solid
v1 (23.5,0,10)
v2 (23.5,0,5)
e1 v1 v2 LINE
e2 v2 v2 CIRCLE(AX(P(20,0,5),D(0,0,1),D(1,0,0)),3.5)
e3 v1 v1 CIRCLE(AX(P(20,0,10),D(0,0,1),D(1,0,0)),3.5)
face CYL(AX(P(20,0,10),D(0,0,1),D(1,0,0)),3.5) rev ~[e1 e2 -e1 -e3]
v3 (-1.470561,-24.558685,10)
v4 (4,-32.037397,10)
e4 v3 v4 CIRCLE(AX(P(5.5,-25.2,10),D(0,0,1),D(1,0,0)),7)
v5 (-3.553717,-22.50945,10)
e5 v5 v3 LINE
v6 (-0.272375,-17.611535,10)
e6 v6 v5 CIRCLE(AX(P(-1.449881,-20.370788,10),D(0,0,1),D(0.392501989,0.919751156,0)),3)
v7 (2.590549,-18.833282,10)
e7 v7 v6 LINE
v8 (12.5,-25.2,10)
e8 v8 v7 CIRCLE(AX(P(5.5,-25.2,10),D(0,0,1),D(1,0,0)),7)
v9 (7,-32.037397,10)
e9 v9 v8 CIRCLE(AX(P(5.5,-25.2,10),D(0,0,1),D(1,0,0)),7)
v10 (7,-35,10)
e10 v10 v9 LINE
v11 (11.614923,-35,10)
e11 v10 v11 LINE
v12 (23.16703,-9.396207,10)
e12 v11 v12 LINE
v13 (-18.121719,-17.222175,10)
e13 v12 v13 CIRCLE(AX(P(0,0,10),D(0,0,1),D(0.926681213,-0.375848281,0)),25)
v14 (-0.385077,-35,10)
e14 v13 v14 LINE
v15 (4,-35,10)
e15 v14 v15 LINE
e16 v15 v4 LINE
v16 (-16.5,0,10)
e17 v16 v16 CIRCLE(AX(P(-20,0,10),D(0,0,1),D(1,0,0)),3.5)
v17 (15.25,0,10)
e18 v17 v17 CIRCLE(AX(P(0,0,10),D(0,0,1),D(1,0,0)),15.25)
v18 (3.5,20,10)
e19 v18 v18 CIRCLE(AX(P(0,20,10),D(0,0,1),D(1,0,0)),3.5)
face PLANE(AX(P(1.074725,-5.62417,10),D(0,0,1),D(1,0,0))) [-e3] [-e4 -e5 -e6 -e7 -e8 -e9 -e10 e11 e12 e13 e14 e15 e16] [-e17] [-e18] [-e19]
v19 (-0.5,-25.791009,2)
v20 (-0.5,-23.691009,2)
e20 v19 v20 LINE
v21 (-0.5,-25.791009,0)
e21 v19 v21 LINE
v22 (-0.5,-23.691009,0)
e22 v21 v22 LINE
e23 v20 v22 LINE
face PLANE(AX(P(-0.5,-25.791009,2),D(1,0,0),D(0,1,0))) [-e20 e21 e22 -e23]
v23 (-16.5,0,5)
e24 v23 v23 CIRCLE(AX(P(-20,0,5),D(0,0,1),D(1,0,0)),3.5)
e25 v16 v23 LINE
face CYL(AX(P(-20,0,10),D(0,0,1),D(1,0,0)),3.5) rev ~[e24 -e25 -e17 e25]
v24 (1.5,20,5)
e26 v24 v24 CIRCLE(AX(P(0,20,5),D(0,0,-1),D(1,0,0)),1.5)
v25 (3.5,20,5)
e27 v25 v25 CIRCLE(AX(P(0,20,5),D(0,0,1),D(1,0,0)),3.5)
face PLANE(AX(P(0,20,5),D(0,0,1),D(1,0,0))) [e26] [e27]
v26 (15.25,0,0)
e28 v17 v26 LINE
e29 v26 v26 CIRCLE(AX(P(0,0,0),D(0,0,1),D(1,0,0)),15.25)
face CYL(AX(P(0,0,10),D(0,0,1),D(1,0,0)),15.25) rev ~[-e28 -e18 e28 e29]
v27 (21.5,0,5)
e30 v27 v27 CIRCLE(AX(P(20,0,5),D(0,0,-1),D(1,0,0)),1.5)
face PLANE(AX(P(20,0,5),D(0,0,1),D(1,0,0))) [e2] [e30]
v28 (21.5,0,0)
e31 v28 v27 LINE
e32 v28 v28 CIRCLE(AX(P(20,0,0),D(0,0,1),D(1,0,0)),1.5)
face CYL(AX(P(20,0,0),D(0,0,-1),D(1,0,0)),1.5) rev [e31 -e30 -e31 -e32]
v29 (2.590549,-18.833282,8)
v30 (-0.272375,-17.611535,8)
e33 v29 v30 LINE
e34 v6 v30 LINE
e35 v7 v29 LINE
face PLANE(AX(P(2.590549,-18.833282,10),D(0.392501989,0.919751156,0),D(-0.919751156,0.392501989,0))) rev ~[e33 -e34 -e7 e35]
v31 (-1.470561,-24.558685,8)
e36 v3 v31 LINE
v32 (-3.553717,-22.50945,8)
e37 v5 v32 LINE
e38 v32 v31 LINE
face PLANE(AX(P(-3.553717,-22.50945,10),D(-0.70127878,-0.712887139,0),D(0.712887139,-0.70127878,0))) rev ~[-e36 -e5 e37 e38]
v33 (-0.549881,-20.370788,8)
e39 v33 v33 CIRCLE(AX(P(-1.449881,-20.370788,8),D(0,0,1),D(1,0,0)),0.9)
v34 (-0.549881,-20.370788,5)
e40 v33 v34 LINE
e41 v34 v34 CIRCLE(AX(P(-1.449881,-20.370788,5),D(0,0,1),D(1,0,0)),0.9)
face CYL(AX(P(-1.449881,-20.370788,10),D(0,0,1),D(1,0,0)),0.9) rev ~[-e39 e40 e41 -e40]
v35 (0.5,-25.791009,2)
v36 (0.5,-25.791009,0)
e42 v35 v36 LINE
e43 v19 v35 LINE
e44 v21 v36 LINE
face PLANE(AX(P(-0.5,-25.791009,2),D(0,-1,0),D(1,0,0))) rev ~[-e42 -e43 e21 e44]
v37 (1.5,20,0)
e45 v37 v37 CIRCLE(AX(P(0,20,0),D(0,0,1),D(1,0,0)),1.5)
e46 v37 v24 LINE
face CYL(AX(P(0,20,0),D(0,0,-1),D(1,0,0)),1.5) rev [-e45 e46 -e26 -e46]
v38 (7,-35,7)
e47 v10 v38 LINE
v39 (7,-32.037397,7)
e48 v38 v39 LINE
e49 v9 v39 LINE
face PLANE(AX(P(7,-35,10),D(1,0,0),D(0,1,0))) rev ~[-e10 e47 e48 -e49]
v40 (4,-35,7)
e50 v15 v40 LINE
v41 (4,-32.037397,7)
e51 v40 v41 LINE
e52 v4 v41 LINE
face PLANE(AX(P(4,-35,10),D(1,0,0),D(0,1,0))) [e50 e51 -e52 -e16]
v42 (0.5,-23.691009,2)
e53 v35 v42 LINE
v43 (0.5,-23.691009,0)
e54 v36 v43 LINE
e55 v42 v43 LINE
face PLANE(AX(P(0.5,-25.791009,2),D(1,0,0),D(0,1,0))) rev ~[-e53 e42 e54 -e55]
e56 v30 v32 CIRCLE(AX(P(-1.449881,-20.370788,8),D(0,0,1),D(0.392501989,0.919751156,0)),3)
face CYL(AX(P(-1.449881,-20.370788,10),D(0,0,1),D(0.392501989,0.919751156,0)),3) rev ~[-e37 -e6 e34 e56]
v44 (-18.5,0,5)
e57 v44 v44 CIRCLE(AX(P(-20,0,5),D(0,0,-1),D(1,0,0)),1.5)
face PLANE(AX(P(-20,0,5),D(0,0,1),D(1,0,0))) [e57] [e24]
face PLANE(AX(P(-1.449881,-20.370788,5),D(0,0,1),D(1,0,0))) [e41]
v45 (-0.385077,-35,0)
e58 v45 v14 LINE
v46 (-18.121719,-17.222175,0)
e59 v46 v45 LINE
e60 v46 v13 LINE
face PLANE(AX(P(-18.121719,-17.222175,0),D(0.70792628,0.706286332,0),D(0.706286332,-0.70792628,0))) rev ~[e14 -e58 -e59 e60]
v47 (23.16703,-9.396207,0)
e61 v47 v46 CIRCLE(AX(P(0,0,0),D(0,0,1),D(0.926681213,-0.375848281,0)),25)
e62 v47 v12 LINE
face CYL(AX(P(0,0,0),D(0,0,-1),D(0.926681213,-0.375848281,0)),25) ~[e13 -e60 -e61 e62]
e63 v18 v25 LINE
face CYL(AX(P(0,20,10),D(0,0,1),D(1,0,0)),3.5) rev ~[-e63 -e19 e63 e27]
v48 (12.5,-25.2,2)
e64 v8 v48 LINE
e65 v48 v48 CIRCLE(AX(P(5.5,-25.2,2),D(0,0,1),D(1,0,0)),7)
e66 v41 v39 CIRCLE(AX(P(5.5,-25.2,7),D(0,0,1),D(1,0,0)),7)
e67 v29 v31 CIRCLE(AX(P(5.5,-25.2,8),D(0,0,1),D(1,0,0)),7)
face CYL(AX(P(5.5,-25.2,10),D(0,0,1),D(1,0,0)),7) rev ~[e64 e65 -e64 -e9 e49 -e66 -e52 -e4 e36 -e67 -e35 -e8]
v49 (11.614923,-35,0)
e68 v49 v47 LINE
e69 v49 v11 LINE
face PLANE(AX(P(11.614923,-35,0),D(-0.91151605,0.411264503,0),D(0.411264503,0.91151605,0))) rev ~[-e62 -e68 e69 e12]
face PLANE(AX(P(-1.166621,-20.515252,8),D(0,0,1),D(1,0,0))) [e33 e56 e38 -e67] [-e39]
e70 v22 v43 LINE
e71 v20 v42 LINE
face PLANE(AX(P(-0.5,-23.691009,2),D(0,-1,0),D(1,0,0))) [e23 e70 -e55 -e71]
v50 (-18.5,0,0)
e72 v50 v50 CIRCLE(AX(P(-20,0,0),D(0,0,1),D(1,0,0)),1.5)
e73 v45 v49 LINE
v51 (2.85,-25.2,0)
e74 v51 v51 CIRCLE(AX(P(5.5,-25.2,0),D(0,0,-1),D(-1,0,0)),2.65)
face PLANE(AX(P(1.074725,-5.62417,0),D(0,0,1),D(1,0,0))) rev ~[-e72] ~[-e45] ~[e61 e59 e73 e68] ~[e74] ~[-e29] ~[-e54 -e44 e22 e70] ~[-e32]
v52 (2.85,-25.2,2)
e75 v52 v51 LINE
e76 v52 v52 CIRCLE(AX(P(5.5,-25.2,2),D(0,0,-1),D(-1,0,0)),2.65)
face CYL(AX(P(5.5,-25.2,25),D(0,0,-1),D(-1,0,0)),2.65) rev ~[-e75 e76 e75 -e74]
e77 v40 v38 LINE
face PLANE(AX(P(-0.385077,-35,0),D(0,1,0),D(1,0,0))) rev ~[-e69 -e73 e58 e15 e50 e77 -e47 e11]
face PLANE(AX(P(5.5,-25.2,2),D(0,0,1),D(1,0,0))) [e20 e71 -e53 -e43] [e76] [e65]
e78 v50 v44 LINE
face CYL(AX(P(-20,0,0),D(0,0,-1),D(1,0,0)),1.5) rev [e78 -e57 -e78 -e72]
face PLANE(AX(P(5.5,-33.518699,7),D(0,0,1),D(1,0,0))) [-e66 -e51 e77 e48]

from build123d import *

# Parameters (mm, degrees)
EXTRUDE1_DEPTH                 = 10
SKETCH2_R                      = 15.25
EXTRUDE2_DEPTH                 = 11
F_5_3_5_3_DIAMETER_HOLE1_D     = 5.3
F_5_3_5_3_DIAMETER_HOLE1_DEPTH = 15
SKETCH4_R                      = 7
EXTRUDE3_DEPTH                 = 8
SKETCH5_W                      = 3
SKETCH5_H                      = 2.962602834
EXTRUDE4_DEPTH                 = 3
SKETCH6_W                      = 1
SKETCH6_H                      = 2.1
EXTRUDE5_DEPTH                 = 3
SKETCH7_R                      = 0.9
EXTRUDE6_DEPTH                 = 5
EXTRUDE7_DEPTH                 = 2
SKETCH9_R                      = 1.5
EXTRUDE9_DEPTH                 = 11
SKETCH10_R                     = 3.5
EXTRUDE10_DEPTH                = 5


with BuildPart() as part:
    # Sketch1 → Extrude1 (new body)
    with BuildSketch(Plane.XY):
        with BuildLine():
            Line((-0.385076955, -35), (11.614923045, -35))
            Line((11.614923045, -35), (23.167030313, -9.396207025))
            ThreePointArc((23.167030313, -9.396207025), (-4.655667218, 24.562670106), (-18.121718507, -17.222175192))
            Line((-18.121718507, -17.222175192), (-0.385076955, -35))
        make_face()
    extrude(amount=EXTRUDE1_DEPTH)

    # Sketch2 → Extrude2 (cut, through all)
    with BuildSketch(Plane.XY.offset(10)):
        Circle(SKETCH2_R)
    extrude(amount=-EXTRUDE2_DEPTH, mode=Mode.SUBTRACT)

    # Ø5.3 (5.3) Diameter Hole1
    with Locations(Plane(origin=(5.5, -25.2, 10), x_dir=(1, 0, 0), z_dir=(0, 0, 1))):
        with Locations((0, 0)):
            Hole(F_5_3_5_3_DIAMETER_HOLE1_D / 2, depth=F_5_3_5_3_DIAMETER_HOLE1_DEPTH)

    # Sketch4 → Extrude3 (cut)
    with BuildSketch(Plane.XY.offset(10)):
        with Locations((5.5, -25.2)):
            Circle(SKETCH4_R)
    extrude(amount=-EXTRUDE3_DEPTH, mode=Mode.SUBTRACT)

    # Sketch5 → Extrude4 (cut)
    with BuildSketch(Plane.XY.offset(10)):
        with Locations((5.5, -33.518698583)):
            Rectangle(SKETCH5_W, SKETCH5_H)
    extrude(amount=-EXTRUDE4_DEPTH, mode=Mode.SUBTRACT)

    # Sketch6 → Extrude5 (cut, through all)
    with BuildSketch(Plane.XY.offset(2)):
        with Locations((0, -24.741008814)):
            Rectangle(SKETCH6_W, SKETCH6_H)
    extrude(amount=-EXTRUDE5_DEPTH, mode=Mode.SUBTRACT)

    # Sketch7 → Extrude6 (cut)
    with BuildSketch(Plane.XY.offset(10)):
        with Locations((-1.44988107, -20.370788479)):
            Circle(SKETCH7_R)
    extrude(amount=-EXTRUDE6_DEPTH, mode=Mode.SUBTRACT)

    # Sketch8 → Extrude7 (cut)
    with BuildSketch(Plane.XY.offset(10)):
        with BuildLine():
            Line((-3.55371741, -22.509449896), (-1.470560637, -24.558685407))
            Line((-1.470560637, -24.558685407), (2.590549038, -18.833282235))
            Line((2.590549038, -18.833282235), (-0.272375103, -17.611535012))
            ThreePointArc((-0.272375103, -17.611535012), (-3.942252339, -18.701032372), (-3.55371741, -22.509449896))
        make_face()
    extrude(amount=-EXTRUDE7_DEPTH, mode=Mode.SUBTRACT)

    # Sketch9 → Extrude9 (cut, through all)
    with BuildSketch(Plane.XY):
        with Locations((0, 20)):
            Circle(SKETCH9_R)
        with Locations((-20, 0)):
            Circle(SKETCH9_R)
        with Locations((20, 0)):
            Circle(SKETCH9_R)
    extrude(amount=EXTRUDE9_DEPTH, mode=Mode.SUBTRACT)

    # Sketch10 → Extrude10 (cut)
    with BuildSketch(Plane.XY.offset(10)):
        with Locations((-20, 0)):
            Circle(SKETCH10_R)
        with Locations((0, 20)):
            Circle(SKETCH10_R)
        with Locations((20, 0)):
            Circle(SKETCH10_R)
    extrude(amount=-EXTRUDE10_DEPTH, mode=Mode.SUBTRACT)


solid = part.part
